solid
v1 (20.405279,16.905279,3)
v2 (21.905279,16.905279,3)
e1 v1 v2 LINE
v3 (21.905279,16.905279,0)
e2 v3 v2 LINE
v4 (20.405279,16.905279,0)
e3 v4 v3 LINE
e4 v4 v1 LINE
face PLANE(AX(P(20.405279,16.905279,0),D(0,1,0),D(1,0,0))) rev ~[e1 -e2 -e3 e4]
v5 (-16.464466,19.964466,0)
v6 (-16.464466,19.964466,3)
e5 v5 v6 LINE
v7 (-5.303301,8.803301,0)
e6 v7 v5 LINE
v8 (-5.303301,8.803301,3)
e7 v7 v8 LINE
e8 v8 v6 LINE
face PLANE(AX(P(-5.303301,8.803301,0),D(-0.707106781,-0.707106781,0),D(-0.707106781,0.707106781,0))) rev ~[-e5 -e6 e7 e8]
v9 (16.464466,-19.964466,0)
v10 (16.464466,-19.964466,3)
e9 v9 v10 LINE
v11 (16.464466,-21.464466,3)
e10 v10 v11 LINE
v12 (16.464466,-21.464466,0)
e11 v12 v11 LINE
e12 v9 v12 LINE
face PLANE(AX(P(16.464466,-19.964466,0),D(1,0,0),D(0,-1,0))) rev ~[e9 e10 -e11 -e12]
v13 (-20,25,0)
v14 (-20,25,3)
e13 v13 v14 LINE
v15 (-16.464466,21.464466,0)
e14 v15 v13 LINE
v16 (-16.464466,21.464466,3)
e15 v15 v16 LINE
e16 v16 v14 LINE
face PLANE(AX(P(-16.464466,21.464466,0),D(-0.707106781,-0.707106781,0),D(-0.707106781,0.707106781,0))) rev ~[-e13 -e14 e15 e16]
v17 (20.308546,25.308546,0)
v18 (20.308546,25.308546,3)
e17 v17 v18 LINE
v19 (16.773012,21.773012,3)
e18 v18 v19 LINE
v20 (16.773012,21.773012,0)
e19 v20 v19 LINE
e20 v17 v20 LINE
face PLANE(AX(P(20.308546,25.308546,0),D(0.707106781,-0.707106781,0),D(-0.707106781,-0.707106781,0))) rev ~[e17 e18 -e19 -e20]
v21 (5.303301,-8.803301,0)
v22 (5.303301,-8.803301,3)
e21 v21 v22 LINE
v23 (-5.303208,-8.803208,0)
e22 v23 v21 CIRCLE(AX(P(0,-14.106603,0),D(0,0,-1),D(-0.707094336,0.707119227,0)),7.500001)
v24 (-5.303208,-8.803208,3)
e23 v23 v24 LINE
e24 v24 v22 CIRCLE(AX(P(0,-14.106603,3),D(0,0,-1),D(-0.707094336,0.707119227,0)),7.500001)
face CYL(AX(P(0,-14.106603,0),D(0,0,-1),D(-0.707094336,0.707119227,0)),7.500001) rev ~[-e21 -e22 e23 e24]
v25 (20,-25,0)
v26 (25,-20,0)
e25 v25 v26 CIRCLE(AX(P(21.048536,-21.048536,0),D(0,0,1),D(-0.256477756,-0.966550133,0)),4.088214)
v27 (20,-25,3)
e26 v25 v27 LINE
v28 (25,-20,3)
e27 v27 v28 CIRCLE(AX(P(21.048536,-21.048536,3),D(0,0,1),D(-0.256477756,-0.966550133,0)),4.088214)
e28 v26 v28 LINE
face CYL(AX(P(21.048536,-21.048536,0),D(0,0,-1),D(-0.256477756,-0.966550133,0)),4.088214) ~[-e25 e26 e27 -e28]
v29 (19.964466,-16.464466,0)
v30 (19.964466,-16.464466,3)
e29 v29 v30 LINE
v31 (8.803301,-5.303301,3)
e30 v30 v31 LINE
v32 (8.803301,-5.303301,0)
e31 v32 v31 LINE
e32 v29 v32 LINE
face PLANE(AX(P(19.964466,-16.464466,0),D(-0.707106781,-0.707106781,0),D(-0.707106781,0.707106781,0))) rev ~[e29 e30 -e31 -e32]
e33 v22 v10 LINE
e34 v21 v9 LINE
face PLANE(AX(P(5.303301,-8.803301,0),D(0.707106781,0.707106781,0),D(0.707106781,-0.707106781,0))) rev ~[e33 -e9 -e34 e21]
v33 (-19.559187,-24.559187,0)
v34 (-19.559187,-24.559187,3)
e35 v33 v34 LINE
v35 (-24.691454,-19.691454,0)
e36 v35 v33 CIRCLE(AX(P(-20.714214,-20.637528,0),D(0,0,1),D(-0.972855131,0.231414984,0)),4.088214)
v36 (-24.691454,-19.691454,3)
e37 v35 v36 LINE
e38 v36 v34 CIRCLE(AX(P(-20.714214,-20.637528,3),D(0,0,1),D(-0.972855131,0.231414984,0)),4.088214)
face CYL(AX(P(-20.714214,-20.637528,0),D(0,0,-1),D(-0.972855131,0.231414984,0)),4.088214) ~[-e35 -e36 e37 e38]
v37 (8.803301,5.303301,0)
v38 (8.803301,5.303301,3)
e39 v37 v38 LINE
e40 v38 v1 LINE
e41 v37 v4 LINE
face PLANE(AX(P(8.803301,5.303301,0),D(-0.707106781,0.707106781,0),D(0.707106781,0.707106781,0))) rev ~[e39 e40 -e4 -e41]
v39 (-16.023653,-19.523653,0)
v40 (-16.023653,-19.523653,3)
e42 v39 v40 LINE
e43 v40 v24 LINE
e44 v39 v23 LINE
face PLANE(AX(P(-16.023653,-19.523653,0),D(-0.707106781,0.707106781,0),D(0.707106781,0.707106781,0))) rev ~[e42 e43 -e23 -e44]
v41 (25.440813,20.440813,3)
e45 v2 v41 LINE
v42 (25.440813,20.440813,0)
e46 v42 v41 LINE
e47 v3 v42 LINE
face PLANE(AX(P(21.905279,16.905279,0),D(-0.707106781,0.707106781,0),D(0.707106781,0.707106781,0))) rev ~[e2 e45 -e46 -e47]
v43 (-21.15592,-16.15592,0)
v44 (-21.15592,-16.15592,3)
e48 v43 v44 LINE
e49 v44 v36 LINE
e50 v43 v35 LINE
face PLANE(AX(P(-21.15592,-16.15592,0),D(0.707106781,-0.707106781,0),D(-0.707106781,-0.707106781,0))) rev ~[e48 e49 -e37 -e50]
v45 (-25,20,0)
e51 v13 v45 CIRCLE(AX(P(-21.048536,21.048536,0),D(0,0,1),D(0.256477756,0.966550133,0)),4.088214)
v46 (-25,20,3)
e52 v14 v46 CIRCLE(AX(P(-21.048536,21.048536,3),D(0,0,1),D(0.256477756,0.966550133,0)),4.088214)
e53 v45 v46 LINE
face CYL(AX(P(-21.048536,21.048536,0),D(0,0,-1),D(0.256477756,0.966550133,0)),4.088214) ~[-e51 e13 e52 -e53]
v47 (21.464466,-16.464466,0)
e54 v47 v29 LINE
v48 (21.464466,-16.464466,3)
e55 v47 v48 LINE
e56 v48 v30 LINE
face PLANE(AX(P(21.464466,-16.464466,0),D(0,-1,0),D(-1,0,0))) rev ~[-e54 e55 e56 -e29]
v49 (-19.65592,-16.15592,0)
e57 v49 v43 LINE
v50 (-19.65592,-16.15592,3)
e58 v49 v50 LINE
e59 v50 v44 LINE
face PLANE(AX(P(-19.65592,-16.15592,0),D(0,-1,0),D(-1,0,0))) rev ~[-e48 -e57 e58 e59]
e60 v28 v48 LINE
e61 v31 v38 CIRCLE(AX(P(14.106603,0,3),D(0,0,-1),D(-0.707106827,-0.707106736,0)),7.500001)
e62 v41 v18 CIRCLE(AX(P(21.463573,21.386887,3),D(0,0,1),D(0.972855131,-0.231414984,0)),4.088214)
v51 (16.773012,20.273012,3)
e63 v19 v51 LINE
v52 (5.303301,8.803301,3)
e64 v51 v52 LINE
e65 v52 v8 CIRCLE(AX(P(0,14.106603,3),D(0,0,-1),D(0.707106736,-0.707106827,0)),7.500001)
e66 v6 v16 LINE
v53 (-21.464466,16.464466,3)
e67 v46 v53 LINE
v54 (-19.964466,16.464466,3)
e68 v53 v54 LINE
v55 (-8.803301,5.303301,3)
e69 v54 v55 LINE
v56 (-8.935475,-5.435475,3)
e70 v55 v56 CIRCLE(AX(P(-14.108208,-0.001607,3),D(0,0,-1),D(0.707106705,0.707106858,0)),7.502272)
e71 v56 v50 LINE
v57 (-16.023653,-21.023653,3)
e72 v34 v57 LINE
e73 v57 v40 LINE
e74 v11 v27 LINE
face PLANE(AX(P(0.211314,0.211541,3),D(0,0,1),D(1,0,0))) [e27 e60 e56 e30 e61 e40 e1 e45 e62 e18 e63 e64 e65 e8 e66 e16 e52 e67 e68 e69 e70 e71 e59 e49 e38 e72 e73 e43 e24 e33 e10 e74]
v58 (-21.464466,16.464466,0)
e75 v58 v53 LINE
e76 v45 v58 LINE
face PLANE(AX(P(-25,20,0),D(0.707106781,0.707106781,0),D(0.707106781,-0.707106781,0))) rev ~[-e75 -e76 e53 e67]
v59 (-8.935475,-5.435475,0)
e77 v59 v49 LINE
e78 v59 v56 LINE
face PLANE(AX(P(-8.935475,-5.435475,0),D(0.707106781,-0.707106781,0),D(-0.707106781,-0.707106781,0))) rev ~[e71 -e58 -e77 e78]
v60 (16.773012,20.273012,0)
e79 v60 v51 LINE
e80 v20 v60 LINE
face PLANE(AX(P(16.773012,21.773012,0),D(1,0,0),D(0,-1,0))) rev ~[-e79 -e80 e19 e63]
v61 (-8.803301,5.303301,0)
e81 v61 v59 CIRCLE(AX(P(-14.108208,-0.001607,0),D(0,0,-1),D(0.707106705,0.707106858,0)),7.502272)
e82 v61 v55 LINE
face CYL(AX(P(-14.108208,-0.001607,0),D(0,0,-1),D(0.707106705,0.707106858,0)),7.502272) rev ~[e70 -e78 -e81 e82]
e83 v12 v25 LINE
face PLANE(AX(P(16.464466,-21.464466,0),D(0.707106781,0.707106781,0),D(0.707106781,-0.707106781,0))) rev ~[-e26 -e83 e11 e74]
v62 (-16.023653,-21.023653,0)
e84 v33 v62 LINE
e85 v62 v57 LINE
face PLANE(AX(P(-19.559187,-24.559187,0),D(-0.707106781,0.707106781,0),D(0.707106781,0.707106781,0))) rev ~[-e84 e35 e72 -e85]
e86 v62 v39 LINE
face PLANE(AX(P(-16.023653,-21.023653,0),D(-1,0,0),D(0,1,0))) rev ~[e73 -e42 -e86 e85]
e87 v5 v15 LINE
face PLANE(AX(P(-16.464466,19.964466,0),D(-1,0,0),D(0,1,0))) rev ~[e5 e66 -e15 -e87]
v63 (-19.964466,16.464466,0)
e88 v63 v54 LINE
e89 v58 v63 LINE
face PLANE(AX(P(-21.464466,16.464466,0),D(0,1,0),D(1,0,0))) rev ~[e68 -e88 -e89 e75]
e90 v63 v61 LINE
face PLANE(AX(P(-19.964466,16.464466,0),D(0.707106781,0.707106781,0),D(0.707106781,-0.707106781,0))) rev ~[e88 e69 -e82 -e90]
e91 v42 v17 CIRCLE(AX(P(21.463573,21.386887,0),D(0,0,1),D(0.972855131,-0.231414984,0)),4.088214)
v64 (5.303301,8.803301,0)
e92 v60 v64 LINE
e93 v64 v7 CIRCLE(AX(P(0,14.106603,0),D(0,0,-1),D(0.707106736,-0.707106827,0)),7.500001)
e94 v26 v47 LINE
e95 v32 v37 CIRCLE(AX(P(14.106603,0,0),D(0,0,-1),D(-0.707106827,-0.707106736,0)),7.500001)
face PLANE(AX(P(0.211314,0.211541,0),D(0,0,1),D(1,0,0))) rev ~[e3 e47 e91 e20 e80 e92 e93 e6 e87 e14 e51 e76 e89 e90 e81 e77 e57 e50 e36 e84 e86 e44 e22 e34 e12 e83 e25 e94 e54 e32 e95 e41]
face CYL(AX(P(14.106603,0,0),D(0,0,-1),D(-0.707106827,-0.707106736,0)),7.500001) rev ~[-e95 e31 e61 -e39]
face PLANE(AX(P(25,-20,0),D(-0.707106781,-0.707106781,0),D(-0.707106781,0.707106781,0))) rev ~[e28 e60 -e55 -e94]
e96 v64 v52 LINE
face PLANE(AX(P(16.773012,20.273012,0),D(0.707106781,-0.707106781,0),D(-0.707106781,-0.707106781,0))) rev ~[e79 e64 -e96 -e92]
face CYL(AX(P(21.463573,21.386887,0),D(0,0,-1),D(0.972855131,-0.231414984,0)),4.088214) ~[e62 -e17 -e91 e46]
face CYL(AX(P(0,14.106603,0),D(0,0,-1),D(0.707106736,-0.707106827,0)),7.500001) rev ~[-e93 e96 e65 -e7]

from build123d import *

# Parameters (mm, degrees)
F0_W     = 6
F0_H     = 6
F1_DEPTH = 3


with BuildPart() as f1:
    # F0 (on Top) → F1 (new body)
    with BuildSketch(Plane.XY):
        with BuildLine():
            ThreePointArc((-20, 25), (-23.93934, 23.93934), (-25, 20))
            Line((-25, 20), (-21.464466, 16.464466))
            Line((-21.464466, 16.464466), (-19.964466, 16.464466))
            Line((-19.964466, 16.464466), (-8.803301, 5.303301))
            ThreePointArc((-8.803301, 5.303301), (-6.606504, -0.093939), (-8.935475, -5.435475))
            Line((-8.935475, -5.435475), (-19.65592, -16.15592))
            Line((-19.65592, -16.15592), (-21.15592, -16.15592))
            Line((-21.15592, -16.15592), (-24.691454, -19.691454))
            ThreePointArc((-24.691454, -19.691454), (-23.527562, -23.603766), (-19.559187, -24.559187))
            Line((-19.559187, -24.559187), (-16.023653, -21.023653))
            Line((-16.023653, -21.023653), (-16.023653, -19.523653))
            Line((-16.023653, -19.523653), (-5.303208, -8.803208))
            ThreePointArc((-5.303208, -8.803208), (6.6e-05, -6.606602), (5.303301, -8.803301))
            Line((5.303301, -8.803301), (16.464466, -19.964466))
            Line((16.464466, -19.964466), (16.464466, -21.464466))
            Line((16.464466, -21.464466), (20, -25))
            ThreePointArc((20, -25), (23.93934, -23.93934), (25, -20))
            Line((25, -20), (21.464466, -16.464466))
            Line((21.464466, -16.464466), (19.964466, -16.464466))
            Line((19.964466, -16.464466), (8.803301, -5.303301))
            ThreePointArc((8.803301, -5.303301), (6.606602, 0), (8.803301, 5.303301))
            Line((8.803301, 5.303301), (20.405279, 16.905279))
            Line((20.405279, 16.905279), (21.905279, 16.905279))
            Line((21.905279, 16.905279), (25.440813, 20.440813))
            ThreePointArc((25.440813, 20.440813), (24.276921, 24.353125), (20.308546, 25.308546))
            Line((20.308546, 25.308546), (16.773012, 21.773012))
            Line((16.773012, 21.773012), (16.773012, 20.273012))
            Line((16.773012, 20.273012), (5.303301, 8.803301))
            ThreePointArc((5.303301, 8.803301), (0, 6.606602), (-5.303301, 8.803301))
            Line((-5.303301, 8.803301), (-16.464466, 19.964466))
            Line((-16.464466, 19.964466), (-16.464466, 21.464466))
            Line((-16.464466, 21.464466), (-20, 25))
        make_face()
        Rectangle(F0_W, F0_H, mode=Mode.SUBTRACT)
        Rectangle(F0_W, F0_H)
    extrude(amount=F1_DEPTH)


solid = f1.part
